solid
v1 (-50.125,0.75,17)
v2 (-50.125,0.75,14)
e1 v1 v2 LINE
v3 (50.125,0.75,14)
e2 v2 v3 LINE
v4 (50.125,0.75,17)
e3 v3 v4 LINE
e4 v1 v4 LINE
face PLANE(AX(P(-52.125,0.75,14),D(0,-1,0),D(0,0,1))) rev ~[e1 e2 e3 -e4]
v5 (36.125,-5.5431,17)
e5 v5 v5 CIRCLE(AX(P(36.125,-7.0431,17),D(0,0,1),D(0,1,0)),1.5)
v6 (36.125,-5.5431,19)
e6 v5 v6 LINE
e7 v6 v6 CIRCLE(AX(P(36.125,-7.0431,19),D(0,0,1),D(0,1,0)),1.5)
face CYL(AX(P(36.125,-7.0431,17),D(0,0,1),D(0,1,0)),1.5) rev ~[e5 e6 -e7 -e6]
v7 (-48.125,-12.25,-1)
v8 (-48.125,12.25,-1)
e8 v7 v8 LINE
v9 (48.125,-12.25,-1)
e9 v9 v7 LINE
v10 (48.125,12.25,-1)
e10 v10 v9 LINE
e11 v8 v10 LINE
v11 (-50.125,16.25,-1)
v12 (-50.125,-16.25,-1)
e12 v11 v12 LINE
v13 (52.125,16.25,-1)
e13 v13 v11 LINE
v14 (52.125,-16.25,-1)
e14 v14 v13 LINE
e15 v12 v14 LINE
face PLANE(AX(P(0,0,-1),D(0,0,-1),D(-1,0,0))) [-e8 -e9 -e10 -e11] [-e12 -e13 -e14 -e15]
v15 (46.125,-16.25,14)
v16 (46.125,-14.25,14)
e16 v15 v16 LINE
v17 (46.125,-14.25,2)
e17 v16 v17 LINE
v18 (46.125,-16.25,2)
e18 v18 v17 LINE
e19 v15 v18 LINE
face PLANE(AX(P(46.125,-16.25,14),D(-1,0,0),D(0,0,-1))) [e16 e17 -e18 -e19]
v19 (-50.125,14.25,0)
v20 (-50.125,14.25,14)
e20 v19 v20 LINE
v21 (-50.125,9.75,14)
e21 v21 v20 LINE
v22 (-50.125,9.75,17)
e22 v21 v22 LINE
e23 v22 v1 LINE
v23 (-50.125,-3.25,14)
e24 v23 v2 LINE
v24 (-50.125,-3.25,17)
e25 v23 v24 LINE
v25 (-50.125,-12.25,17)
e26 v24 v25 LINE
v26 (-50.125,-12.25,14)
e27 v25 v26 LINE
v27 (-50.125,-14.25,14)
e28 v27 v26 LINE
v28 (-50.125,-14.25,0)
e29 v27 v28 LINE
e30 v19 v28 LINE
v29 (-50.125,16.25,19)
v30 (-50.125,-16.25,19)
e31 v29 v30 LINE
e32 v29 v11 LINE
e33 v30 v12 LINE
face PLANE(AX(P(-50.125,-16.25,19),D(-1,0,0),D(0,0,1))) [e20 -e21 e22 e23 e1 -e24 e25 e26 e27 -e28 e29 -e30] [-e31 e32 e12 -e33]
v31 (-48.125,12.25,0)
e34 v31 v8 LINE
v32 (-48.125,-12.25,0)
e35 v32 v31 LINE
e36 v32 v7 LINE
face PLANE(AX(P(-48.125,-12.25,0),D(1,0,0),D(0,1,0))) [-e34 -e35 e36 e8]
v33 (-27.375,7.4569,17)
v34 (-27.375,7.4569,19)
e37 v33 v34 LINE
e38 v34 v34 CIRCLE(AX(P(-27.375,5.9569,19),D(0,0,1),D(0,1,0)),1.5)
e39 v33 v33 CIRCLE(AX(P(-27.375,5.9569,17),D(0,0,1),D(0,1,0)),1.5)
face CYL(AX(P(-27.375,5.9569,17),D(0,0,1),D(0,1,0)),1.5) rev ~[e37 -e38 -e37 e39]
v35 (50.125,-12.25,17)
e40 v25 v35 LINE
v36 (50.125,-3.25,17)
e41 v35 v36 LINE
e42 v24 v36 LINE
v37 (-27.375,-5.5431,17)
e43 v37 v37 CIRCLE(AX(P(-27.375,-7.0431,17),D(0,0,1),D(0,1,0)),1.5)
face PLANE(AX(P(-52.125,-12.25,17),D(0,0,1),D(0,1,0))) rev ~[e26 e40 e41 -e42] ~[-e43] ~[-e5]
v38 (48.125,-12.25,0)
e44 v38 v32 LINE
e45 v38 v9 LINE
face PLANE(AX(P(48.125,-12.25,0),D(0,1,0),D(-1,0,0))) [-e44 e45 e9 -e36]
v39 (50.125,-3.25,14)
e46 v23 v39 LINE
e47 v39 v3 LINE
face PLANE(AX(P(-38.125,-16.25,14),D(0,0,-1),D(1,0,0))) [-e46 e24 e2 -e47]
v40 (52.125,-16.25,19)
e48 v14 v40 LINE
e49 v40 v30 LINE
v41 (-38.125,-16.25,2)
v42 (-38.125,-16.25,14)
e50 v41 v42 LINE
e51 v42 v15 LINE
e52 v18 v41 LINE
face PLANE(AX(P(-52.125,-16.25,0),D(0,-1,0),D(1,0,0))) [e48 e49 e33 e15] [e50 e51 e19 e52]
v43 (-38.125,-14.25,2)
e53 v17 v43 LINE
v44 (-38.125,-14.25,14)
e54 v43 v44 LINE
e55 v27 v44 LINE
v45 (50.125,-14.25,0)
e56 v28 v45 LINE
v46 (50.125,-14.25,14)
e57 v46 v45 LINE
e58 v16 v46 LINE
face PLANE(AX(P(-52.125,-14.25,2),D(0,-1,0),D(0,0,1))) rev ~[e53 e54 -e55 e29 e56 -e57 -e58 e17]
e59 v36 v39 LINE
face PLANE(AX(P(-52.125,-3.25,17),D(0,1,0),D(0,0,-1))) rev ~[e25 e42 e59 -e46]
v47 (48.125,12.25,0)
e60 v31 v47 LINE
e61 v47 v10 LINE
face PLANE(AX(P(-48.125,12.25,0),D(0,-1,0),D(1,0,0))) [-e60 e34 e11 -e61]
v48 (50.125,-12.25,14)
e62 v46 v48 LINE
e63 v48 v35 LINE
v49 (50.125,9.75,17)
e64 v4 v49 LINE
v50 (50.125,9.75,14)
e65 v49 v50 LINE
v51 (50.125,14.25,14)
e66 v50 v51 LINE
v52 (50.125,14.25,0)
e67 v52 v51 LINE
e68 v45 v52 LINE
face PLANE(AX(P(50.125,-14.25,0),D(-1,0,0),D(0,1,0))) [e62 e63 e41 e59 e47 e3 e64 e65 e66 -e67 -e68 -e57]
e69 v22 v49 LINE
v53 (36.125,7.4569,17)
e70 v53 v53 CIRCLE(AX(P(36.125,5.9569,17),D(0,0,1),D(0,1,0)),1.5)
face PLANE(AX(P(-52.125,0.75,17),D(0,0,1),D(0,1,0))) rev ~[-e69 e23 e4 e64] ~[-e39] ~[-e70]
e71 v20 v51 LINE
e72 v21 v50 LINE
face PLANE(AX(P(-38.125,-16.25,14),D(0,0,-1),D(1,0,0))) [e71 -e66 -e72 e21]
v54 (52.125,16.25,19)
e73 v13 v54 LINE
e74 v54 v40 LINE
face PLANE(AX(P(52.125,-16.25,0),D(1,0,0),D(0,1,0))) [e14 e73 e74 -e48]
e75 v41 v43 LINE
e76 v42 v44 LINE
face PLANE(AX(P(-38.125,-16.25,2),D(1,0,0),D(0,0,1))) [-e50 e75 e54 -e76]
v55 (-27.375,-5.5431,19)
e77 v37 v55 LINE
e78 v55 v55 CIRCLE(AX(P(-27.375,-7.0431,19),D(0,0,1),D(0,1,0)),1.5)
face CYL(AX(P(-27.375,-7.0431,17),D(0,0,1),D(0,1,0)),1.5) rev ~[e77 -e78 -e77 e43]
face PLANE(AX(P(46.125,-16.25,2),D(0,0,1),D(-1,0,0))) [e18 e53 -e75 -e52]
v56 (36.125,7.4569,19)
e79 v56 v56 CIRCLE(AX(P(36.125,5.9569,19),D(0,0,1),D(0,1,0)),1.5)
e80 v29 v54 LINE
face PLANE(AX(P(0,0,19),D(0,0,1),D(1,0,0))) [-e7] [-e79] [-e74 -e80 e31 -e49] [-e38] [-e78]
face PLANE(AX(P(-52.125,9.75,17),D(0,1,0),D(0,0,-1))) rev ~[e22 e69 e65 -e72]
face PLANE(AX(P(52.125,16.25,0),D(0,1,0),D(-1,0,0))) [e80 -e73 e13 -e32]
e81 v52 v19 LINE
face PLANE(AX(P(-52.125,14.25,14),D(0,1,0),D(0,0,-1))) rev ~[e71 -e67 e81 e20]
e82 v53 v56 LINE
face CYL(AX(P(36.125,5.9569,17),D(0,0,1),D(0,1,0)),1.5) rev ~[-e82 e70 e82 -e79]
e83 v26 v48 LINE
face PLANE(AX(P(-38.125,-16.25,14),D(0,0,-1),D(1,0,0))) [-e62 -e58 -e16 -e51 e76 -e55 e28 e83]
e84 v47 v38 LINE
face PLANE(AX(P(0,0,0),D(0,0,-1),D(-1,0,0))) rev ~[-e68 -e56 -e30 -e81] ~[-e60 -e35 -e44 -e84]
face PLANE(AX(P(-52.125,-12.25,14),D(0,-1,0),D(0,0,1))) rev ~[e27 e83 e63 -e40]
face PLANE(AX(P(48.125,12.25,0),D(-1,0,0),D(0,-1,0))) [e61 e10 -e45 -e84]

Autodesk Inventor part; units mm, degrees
ref_plane "YZ Plane" through (0, 0, 0) normal (1, 0, 0) x (0, 1, 0)
ref_plane "XZ Plane" through (0, 0, 0) normal (0, 1, 0) x (-1, 0, 0)
ref_plane "XY Plane" through (0, 0, 0) normal (0, 0, 1) x (1, 0, 0)
sketch "スケッチ1" plane through (0, 0, 0) normal (0, 0, 1) x (1, 0, 0)
  line L0 (52.125, -16.25) -> (-52.125, -16.25)
  line L1 (-52.125, -16.25) -> (-52.125, 16.25)
  line L2 (-52.125, 16.25) -> (52.125, 16.25)
  line L3 (52.125, 16.25) -> (52.125, -16.25)
  line L4 (52.125, -16.25) -> (-52.125, 16.25) construction
  line L5 (-52.125, -16.25) -> (52.125, 16.25) construction
  point P0 (0, 0)
  dimension "d0" = 104.25
  dimension "d1" = 32.5
extrude "枠" add sketch "スケッチ1" along normal blind 19
sketch "スケッチ2" plane through (0, 0, 0) normal (0, 0, -1) x (-1, 0, 0)
  line L0 (50.125, -14.25) -> (-50.125, -14.25)
  line L1 (-50.125, -14.25) -> (-50.125, 14.25)
  line L2 (-50.125, 14.25) -> (50.125, 14.25)
  line L3 (50.125, 14.25) -> (50.125, -14.25)
  line L4 (50.125, -14.25) -> (-50.125, 14.25) construction
  line L5 (-50.125, -14.25) -> (50.125, 14.25) construction
  point P0 (0, 0)
  dimension "d4" = 100.25
  dimension "d5" = 28.5
extrude "本体" cut sketch "スケッチ2" against normal blind 12
sketch "スケッチ3" plane through (-52.125, -16.25, 0) normal (-1, 0, 0) x (0, 0, 1)
  line L0 (2, 2) -> (14, 2)
  line L1 (14, 2) -> (14, 30.5)
  line L2 (14, 30.5) -> (2, 30.5)
  line L3 (2, 30.5) -> (2, 2)
  line L4 (19, 32.5) -> (19, 0) projected
  line L5 (0, 0) -> (19, 0) projected
  line L6 (0, 0) -> (0, 32.5) projected
  line L7 (0, 32.5) -> (19, 32.5) projected
  point P0 (0, 16.25)
  dimension "d8" = 5
  dimension "d9" = 28.5
  dimension "d10" = 2
  dimension "d11" = 12
  dimension "d12" = 2
  dimension "d13" = 2
extrude "入口" cut sketch "スケッチ3" against normal blind 102.25 contours L3 L2 L1 L0
sketch "スケッチ4" plane through (-52.125, -16.25, 0) normal (0, -1, 0) x (1, 0, 0)
  line L0 (98.25, 2) -> (14, 2)
  line L1 (14, 2) -> (14, 14)
  line L2 (14, 14) -> (98.25, 14)
  line L3 (98.25, 14) -> (98.25, 2)
  line L4 (104.25, 0) -> (104.25, 19) projected
  line L5 (0, 0) -> (0, 19) projected
  line L6 (0, 19) -> (104.25, 19) projected
  line L7 (104.25, 0) -> (0, 0) projected
  point P0 (52.125, 0)
  dimension "d16" = 6
  dimension "d17" = 14
  dimension "d18" = 5
  dimension "d19" = 2
extrude "USB穴" cut sketch "スケッチ4" against normal blind 2 contours L0 L1 L2 L3
sketch "スケッチ6" plane through (-52.125, -16.25, 0) normal (-1, 0, 0) x (0, 0, 1)
  line L0 (14, 30.5) -> (14, 2) projected
  line L1 (14, 4) -> (17, 4)
  line L2 (17, 4) -> (17, 13)
  line L3 (17, 13) -> (14, 13)
  line L4 (14, 13) -> (14, 4)
  line L5 (14, 17) -> (17, 17)
  line L6 (17, 17) -> (17, 26)
  line L7 (17, 26) -> (14, 26)
  line L8 (14, 26) -> (14, 17)
  line L9 (14, 2) -> (2, 2) projected
  point P0 (0, 16.25)
  dimension "d22" = 9
  dimension "d23" = 9
  dimension "d24" = 3
  dimension "d25" = 2
  dimension "d26" = 4
extrude "ネジ溝" cut sketch "スケッチ6" against normal blind 102.25
sketch "スケッチ7" plane through (-52.125, -12.25, 17) normal (0, 0, -1) x (-1, 0, 0)
  line L0 (-88.25, 5.2069) -> (-24.75, 5.2069)
  line L1 (-24.75, 5.2069) -> (-24.75, 18.2069)
  line L2 (-24.75, 18.2069) -> (-88.25, 18.2069)
  line L3 (-88.25, 18.2069) -> (-88.25, 5.2069)
  line L4 (-104.25, 28.5) -> (-104.25, -4) projected
  point P0 (-52.125, 12.25)
  dimension "d29" = 13
  dimension "d30" = 63.5
  dimension "d31" = 16
hole "穴1" at (36.125, -7.0431, 17) at (-27.375, -7.0431, 17) at (-27.375, 5.9569, 17) at (36.125, 5.9569, 17) direction (0, 0, 1) diameter 3 depth 8 tip angle 118
sketch "スケッチ10" plane through (0, 0, 0) normal (0, 0, -1) x (-1, 0, 0)
  line L0 (52.125, -16.25) -> (-52.125, -16.25) projected
  line L1 (-52.125, -16.25) -> (52.125, -16.25)
  line L2 (52.125, -14.25) -> (38.125, -14.25) projected
  line L3 (52.125, 16.25) -> (52.125, -16.25) projected
  line L4 (52.125, -16.25) -> (52.125, 16.25)
  line L5 (-52.125, 16.25) -> (52.125, 16.25) projected
  line L6 (52.125, 16.25) -> (-52.125, 16.25)
  line L7 (-52.125, -16.25) -> (-52.125, 16.25) projected
  line L8 (-52.125, 16.25) -> (-52.125, -16.25)
  line L9 (-48.125, -12.25) -> (48.125, -12.25)
  line L10 (50.125, -14.25) -> (-50.125, -14.25) projected
  line L11 (48.125, -12.25) -> (48.125, 12.25)
  line L12 (48.125, 12.25) -> (-48.125, 12.25)
  line L13 (-48.125, 12.25) -> (-48.125, -12.25)
  point P0 (0, 0)
  dimension "d40" = 4
  dimension "d41" = 4
  dimension "d42" = 4
  dimension "d43" = 4
extrude "蓋" add sketch "スケッチ10" along normal blind 1
sketch "スケッチ13" plane through (-52.125, -16.25, 19) normal (-1, 0, 0) x (0, 0, 1)
  line L0 (0, 0) -> (-20, 0) projected
  line L1 (0, 32.5) -> (0, 0) projected
  line L2 (-20, 0) -> (0, 0)
  line L3 (0, 0) -> (0, 32.5)
  line L4 (0, 32.5) -> (-20, 32.5)
  line L5 (-20, 32.5) -> (-20, 0)
  point P0 (-19, 16.25)
extrude "調整" cut sketch "スケッチ13" against normal blind 2
properties part number "usbhub_holder_new"
